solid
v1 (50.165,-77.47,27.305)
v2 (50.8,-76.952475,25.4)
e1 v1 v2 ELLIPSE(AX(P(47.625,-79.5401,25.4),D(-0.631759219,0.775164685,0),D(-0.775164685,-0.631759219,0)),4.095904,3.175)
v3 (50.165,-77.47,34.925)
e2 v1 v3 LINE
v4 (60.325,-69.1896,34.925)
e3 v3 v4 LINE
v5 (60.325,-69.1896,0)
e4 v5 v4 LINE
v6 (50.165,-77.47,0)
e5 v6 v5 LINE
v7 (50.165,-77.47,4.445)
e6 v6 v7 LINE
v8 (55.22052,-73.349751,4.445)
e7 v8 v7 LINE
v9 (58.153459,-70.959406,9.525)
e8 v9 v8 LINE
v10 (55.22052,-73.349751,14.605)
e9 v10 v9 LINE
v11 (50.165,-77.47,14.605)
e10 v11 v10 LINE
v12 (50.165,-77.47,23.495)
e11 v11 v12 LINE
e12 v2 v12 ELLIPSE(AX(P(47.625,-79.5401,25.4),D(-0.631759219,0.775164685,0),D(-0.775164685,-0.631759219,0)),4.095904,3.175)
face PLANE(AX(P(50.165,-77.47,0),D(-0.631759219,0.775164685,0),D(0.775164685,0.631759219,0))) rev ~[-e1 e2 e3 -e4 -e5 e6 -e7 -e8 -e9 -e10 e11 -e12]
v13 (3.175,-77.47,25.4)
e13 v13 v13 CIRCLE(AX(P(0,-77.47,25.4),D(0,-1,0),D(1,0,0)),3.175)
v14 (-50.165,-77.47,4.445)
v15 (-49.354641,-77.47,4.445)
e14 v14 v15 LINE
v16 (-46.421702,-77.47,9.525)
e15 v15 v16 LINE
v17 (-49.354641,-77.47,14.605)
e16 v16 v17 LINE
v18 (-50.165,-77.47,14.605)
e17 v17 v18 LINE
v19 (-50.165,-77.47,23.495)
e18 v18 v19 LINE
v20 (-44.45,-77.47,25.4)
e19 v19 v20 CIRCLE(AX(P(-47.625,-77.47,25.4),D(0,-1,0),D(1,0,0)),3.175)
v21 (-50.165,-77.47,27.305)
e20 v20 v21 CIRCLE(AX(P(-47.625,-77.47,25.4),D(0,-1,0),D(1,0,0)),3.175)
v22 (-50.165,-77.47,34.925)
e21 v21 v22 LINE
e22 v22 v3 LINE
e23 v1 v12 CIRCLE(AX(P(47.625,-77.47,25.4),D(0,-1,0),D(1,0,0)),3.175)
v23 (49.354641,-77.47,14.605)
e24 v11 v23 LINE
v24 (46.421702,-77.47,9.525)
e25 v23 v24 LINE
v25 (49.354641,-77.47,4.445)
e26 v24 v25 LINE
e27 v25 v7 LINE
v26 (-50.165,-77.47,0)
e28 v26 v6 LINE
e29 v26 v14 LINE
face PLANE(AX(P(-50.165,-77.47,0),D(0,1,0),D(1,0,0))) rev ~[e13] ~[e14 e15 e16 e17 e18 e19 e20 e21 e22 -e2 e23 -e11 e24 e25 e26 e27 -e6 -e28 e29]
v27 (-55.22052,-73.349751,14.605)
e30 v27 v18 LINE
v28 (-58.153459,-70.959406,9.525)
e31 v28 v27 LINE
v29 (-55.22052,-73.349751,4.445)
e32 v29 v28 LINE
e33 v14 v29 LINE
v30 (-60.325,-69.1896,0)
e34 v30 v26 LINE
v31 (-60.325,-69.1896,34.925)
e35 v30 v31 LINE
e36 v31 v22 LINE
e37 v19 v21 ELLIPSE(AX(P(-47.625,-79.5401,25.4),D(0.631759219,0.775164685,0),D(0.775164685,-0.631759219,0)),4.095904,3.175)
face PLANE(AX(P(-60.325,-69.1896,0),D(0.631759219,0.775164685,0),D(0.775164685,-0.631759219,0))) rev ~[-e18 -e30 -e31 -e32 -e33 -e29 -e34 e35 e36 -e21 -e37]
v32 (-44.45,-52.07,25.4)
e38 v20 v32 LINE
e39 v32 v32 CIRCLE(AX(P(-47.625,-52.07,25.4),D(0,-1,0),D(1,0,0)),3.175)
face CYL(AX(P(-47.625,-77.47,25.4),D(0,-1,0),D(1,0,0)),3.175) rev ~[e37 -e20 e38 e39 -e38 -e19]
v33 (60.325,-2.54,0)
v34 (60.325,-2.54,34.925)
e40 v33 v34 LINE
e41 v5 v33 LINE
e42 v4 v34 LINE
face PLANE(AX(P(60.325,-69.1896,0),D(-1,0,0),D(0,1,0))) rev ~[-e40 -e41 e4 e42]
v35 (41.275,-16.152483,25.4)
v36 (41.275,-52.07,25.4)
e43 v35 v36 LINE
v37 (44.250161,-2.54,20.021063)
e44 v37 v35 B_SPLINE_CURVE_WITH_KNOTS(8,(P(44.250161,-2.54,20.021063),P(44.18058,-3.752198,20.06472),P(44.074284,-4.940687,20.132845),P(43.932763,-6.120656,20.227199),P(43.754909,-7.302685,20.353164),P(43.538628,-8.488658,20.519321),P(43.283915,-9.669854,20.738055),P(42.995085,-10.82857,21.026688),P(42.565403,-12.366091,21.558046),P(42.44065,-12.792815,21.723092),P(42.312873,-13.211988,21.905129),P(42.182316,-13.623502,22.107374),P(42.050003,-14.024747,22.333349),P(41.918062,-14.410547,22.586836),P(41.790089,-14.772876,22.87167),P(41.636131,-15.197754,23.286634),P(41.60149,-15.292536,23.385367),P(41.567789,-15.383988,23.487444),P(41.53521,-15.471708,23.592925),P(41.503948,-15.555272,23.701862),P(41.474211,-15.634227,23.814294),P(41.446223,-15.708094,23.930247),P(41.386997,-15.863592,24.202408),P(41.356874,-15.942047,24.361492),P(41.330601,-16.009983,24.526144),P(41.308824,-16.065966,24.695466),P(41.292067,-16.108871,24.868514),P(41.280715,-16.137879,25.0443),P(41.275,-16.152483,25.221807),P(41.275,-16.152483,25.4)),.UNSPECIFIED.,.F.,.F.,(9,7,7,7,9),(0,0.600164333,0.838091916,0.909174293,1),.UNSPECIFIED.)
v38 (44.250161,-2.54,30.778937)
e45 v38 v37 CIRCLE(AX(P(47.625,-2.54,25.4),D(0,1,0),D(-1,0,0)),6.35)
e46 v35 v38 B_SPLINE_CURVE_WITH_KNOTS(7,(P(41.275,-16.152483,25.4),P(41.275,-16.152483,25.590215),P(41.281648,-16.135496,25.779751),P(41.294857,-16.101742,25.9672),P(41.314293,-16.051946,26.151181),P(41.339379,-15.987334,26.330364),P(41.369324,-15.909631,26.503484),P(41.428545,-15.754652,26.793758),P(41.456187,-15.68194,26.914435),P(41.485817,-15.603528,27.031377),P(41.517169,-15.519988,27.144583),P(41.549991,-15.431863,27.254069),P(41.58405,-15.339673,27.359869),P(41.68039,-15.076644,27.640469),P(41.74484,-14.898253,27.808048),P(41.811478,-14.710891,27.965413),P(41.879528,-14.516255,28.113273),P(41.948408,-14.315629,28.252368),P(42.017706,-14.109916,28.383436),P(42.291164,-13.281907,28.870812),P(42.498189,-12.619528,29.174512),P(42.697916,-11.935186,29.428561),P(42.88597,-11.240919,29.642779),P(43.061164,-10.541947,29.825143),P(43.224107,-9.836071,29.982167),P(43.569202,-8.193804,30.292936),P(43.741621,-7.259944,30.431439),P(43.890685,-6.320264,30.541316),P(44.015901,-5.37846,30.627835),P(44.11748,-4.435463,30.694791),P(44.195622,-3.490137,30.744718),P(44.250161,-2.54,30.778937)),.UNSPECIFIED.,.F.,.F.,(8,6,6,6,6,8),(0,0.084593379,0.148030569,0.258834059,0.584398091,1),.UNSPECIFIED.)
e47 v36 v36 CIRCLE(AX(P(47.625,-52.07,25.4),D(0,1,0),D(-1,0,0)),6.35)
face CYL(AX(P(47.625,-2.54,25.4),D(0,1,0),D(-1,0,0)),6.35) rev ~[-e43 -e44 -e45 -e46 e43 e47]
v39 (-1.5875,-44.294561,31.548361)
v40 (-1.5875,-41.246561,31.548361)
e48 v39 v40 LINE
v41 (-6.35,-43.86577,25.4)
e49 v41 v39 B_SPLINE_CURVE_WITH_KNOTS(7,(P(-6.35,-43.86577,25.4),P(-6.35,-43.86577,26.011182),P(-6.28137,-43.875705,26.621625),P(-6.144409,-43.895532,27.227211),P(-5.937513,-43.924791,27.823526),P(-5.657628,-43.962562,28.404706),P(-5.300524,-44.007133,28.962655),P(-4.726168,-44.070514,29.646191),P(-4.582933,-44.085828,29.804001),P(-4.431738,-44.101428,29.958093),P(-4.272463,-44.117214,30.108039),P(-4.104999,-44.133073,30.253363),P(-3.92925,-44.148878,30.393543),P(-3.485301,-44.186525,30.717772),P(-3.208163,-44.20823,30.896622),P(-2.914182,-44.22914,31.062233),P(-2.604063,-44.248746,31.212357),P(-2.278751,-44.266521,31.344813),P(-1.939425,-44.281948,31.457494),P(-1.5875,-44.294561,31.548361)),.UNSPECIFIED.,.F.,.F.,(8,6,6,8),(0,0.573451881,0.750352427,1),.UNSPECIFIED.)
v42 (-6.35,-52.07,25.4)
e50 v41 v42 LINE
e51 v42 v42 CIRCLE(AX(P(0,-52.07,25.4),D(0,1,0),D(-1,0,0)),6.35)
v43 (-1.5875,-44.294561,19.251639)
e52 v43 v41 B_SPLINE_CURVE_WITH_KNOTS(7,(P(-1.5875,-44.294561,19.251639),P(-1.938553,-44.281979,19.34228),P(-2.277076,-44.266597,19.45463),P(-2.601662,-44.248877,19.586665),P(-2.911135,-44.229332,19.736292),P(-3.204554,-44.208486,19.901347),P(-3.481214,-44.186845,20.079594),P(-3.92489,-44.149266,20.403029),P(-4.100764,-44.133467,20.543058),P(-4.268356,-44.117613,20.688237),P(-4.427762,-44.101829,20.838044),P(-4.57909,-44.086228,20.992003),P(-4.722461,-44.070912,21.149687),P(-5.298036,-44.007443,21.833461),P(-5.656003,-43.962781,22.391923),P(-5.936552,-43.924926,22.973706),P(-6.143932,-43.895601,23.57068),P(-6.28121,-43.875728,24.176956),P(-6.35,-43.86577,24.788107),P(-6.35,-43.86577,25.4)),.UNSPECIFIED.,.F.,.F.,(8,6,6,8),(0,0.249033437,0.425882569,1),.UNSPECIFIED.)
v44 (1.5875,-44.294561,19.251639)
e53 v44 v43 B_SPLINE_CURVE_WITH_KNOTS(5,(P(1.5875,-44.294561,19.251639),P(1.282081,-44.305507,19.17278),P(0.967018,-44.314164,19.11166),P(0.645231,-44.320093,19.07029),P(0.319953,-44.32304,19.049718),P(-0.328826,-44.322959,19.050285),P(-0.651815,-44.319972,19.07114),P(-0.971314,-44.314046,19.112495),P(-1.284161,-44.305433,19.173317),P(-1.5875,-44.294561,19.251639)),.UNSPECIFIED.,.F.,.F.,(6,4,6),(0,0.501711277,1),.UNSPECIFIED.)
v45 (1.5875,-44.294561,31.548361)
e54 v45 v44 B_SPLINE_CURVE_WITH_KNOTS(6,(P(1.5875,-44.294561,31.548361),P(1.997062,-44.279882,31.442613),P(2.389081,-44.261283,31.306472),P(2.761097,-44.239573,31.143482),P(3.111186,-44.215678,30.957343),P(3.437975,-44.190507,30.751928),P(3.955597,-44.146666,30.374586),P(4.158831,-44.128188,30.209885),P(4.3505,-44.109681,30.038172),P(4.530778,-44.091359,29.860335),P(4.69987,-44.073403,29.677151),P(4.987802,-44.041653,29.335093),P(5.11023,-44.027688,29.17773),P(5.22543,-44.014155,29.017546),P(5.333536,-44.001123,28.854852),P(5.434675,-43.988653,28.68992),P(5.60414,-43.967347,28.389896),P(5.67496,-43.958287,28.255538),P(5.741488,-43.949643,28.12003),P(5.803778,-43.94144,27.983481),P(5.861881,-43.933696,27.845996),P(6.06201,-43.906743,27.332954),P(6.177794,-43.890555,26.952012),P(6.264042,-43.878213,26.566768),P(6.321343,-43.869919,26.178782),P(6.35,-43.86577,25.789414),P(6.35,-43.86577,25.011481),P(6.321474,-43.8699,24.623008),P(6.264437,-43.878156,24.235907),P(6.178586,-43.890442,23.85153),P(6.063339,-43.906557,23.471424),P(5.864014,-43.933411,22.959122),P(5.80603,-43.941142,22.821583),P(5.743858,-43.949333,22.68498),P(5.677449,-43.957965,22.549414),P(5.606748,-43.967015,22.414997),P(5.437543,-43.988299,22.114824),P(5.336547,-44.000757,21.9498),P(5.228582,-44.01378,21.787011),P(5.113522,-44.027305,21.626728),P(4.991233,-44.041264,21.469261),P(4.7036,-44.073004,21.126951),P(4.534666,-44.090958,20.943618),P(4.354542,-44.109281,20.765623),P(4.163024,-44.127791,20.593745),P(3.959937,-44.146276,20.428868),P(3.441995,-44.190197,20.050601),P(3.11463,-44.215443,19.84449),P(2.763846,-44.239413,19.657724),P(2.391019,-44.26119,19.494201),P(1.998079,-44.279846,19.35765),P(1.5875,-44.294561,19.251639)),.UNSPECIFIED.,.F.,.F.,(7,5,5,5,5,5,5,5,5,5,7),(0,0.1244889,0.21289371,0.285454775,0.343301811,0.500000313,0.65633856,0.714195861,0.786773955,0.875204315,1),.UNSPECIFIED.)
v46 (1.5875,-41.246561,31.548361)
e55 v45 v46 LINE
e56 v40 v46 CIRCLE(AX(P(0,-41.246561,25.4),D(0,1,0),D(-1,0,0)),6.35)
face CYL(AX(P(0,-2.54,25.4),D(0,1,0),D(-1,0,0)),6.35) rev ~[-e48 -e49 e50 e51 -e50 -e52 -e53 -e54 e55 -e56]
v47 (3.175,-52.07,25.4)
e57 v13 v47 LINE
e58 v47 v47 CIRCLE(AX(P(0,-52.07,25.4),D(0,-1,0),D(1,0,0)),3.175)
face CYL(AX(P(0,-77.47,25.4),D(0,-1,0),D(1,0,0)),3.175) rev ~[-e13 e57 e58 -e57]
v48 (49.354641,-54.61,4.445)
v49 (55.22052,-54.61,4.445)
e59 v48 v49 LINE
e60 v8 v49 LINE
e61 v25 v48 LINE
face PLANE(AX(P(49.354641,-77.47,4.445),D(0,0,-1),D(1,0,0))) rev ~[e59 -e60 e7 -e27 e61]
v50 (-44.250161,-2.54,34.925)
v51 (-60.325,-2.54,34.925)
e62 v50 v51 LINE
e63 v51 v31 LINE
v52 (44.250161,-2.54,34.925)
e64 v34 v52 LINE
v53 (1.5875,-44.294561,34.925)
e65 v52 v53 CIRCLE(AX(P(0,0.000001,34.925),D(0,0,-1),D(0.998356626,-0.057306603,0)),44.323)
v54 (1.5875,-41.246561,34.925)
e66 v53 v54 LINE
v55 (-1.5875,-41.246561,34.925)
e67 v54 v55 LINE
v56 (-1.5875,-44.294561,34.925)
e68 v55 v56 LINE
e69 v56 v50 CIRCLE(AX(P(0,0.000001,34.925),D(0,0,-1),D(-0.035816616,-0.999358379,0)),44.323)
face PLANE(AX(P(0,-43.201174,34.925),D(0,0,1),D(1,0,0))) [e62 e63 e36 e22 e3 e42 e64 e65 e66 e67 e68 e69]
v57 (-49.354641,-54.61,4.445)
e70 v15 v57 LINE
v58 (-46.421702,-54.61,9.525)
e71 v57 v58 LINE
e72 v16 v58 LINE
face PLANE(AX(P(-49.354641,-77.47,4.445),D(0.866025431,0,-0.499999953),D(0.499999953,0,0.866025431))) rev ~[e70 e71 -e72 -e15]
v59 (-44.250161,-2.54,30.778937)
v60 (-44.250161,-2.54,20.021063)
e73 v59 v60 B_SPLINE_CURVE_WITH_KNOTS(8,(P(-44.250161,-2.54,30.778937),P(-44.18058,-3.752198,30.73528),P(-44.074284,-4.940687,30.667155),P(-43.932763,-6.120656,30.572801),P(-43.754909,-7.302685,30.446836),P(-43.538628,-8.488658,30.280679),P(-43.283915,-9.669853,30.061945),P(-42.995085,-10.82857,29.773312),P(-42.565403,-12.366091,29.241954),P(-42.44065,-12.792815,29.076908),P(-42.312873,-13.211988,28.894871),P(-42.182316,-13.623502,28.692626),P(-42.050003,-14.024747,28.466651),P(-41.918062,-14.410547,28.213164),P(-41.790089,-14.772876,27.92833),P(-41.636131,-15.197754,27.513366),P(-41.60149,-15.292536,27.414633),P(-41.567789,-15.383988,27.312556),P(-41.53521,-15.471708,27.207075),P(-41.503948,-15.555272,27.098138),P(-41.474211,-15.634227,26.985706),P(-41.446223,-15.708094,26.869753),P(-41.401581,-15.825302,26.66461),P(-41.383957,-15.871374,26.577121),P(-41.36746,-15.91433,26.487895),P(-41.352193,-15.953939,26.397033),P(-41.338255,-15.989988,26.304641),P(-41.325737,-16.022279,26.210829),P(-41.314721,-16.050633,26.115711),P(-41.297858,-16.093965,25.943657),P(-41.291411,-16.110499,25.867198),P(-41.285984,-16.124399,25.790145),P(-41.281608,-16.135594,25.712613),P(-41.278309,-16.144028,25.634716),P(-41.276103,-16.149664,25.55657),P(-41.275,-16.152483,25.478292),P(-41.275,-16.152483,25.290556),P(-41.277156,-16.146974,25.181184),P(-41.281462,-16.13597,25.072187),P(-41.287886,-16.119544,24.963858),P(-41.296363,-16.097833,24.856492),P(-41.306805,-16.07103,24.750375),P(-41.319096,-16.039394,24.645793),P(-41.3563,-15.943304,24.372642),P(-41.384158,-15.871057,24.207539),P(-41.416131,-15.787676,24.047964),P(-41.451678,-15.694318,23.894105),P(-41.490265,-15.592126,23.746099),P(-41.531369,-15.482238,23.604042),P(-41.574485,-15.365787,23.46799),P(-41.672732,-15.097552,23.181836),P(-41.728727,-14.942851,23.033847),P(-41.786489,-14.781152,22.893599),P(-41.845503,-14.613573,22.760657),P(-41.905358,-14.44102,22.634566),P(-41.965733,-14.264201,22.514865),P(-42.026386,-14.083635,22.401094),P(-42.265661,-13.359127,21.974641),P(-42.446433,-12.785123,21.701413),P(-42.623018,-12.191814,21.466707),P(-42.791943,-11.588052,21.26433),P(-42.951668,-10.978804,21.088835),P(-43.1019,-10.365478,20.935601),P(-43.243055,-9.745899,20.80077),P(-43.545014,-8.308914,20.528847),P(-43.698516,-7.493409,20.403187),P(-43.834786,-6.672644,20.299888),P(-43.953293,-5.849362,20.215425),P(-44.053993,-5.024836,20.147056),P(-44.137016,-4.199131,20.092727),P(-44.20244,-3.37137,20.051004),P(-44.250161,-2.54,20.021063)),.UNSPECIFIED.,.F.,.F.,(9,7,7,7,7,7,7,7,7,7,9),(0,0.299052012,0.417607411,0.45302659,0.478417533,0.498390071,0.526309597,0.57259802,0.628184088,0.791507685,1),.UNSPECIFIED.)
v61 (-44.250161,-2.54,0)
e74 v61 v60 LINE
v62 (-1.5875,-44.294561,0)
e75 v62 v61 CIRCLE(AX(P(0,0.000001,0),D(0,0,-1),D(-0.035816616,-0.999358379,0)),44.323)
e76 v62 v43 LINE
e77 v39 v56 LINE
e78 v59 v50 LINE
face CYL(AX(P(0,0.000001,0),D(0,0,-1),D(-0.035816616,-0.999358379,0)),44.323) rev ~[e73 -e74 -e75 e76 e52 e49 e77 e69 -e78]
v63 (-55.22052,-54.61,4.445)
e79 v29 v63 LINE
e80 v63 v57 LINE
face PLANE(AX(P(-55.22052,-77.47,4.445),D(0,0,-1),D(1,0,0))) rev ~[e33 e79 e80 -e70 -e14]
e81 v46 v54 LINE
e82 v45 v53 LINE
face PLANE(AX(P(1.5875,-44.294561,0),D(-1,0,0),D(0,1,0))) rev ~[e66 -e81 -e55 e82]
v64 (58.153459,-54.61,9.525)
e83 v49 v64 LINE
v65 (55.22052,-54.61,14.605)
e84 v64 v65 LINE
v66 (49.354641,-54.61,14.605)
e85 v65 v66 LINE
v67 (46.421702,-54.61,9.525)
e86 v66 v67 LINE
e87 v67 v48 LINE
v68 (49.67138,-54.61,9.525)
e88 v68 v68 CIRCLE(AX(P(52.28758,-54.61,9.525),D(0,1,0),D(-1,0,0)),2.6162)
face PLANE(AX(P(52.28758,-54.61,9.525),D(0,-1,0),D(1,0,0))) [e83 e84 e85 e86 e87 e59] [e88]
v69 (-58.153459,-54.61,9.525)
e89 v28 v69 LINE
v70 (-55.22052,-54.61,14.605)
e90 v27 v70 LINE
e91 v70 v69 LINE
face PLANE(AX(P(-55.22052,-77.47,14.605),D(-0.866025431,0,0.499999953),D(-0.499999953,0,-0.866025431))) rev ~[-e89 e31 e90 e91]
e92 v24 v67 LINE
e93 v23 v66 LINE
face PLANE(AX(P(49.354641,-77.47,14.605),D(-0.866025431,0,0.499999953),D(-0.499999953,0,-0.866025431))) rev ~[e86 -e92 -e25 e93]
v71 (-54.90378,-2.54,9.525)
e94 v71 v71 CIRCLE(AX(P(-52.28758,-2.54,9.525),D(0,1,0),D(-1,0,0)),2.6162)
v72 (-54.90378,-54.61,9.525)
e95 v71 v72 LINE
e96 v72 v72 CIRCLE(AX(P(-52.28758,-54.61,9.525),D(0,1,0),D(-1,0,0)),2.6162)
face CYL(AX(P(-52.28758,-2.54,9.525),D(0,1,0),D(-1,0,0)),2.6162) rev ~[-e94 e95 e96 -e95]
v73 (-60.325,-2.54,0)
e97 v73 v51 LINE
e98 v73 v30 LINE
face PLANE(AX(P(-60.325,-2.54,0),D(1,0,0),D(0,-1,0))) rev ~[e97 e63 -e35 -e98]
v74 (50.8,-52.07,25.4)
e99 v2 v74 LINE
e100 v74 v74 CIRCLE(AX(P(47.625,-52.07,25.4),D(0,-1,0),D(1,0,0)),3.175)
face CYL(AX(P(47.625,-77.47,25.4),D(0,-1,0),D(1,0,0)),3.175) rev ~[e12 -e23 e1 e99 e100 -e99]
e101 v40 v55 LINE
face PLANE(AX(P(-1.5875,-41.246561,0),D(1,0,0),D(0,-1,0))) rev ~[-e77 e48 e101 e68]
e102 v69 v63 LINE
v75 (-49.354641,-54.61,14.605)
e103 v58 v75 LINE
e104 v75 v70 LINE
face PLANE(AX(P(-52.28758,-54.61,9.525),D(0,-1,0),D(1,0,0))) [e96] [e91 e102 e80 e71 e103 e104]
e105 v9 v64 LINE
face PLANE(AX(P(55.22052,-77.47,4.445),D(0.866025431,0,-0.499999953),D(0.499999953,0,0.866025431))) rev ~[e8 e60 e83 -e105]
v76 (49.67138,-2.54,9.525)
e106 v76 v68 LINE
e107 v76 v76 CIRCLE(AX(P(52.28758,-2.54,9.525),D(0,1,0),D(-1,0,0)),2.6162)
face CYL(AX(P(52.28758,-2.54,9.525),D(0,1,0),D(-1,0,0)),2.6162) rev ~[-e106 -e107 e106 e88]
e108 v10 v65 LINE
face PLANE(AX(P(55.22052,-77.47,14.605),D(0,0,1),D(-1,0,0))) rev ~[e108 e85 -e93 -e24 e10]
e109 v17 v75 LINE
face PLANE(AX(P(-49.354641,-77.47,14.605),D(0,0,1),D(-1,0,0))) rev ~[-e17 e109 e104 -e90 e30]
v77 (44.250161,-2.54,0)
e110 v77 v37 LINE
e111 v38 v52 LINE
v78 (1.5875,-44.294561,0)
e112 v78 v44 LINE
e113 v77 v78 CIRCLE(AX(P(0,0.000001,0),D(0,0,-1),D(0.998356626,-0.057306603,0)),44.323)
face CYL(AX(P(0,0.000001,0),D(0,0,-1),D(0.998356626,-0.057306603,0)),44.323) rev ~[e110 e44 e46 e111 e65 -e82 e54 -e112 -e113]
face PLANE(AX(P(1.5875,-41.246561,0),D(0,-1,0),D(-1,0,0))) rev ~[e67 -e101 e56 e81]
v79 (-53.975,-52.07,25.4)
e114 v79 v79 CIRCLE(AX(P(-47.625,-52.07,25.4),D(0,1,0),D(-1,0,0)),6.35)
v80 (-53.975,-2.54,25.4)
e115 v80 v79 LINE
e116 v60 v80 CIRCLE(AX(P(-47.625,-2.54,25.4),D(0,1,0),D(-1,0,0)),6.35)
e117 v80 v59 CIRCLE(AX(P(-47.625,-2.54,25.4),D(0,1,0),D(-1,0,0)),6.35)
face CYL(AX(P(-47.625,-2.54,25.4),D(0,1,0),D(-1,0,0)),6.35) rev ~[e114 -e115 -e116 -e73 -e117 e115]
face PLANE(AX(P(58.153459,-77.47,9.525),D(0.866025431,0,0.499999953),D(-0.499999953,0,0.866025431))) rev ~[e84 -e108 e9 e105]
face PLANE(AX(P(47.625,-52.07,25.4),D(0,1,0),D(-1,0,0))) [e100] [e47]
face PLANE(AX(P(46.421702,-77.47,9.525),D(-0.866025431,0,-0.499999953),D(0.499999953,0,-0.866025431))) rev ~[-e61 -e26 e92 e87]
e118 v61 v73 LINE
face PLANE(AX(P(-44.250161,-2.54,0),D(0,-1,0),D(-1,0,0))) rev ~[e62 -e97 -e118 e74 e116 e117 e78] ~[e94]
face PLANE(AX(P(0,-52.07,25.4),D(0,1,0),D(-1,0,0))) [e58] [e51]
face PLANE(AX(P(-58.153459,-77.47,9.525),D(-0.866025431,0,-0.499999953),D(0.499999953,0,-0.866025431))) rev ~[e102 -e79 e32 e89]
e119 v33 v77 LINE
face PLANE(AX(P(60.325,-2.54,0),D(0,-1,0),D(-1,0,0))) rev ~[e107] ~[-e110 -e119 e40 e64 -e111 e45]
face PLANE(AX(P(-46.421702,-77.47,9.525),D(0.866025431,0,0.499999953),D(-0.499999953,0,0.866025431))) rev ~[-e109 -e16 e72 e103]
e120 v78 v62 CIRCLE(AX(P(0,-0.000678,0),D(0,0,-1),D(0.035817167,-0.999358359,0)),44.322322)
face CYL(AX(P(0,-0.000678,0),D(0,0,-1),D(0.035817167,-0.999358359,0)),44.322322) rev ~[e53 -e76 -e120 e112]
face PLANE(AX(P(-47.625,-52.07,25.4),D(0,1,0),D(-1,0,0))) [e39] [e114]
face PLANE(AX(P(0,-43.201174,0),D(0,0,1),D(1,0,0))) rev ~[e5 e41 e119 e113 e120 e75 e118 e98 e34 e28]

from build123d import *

# Parameters (mm, degrees)
F1_DEPTH  = 34.925
F2_R      = 2.6162
F3_DEPTH  = 74.931
F4_R      = 2.6162
F5_DEPTH  = 74.931
F6_R      = 3.175
F7_DEPTH  = 74.931
F8_R      = 6.35
F9_DEPTH  = 49.53
F11_DEPTH = 22.86
F13_DEPTH = 25.4


with BuildPart() as f1:
    # F0 (on Top) → F1 (new body)
    with BuildSketch(Plane.XY):
        with BuildLine():
            ThreePointArc((-1.5875, -44.294561), (-31.002155, -31.676406), (-44.250161, -2.54))
            Line((-44.250161, -2.54), (-60.325, -2.54))
            Line((-60.325, -2.54), (-60.325, -69.1896))
            Line((-60.325, -69.1896), (-50.165, -77.47))
            Line((-50.165, -77.47), (50.165, -77.47))
            Line((50.165, -77.47), (60.325, -69.1896))
            Line((60.325, -69.1896), (60.325, -2.54))
            Line((60.325, -2.54), (44.250161, -2.54))
            ThreePointArc((44.250161, -2.54), (31.002155, -31.676406), (1.5875, -44.294561))
            Line((1.5875, -44.294561), (1.5875, -41.246561))
            Line((1.5875, -41.246561), (-1.5875, -41.246561))
            Line((-1.5875, -41.246561), (-1.5875, -44.294561))
        make_face()
    extrude(amount=F1_DEPTH)

    # F2 (on face) → F3 (cut, through all)
    with BuildSketch(Plane(origin=(0, -2.54, 0), x_dir=(-1, 0, 0), z_dir=(0, 1, 0))):
        with Locations((-52.28758, 9.525)):
            Circle(F2_R)
    extrude(amount=-F3_DEPTH, mode=Mode.SUBTRACT)

    # F4 (on face) → F5 (cut, through all)
    with BuildSketch(Plane(origin=(0, -2.54, 0), x_dir=(-1, 0, 0), z_dir=(0, 1, 0))):
        with Locations((52.28758, 9.525)):
            Circle(F4_R)
    extrude(amount=-F5_DEPTH, mode=Mode.SUBTRACT)

    # F6 (on face) → F7 (cut, through all)
    with BuildSketch(Plane.XZ.offset(77.47)):
        with Locations((-47.625, 25.4)):
            Circle(F6_R)
        with Locations((47.625, 25.4)):
            Circle(F6_R)
        with Locations((0, 25.4)):
            Circle(F6_R)
    extrude(amount=-F7_DEPTH, mode=Mode.SUBTRACT)

    # F8 (on face) → F9 (cut)
    with BuildSketch(Plane(origin=(0, -2.54, 0), x_dir=(-1, 0, 0), z_dir=(0, 1, 0))):
        with Locations((-47.625, 25.4)):
            Circle(F8_R)
        with Locations((0, 25.4)):
            Circle(F8_R)
        with Locations((47.625, 25.4)):
            Circle(F8_R)
    extrude(amount=-F9_DEPTH, mode=Mode.SUBTRACT)

    # F10 (on face) → F11 (cut)
    with BuildSketch(Plane.XZ.offset(77.47)):
        Polygon((-49.354641, 4.445), (-46.421702, 9.525), (-49.354641, 14.605), (-55.22052, 14.605), (-58.153459, 9.525), (-55.22052, 4.445), align=None)
        Polygon((49.354641, 14.605), (46.421702, 9.525), (49.354641, 4.445), (55.22052, 4.445), (58.153459, 9.525), (55.22052, 14.605), align=None)
    extrude(amount=-F11_DEPTH, mode=Mode.SUBTRACT)

    # F12 (on face) → F13 (cut)
    with BuildSketch(Plane(origin=(0, 0, 0), x_dir=(1, 0, 0), z_dir=(0, 0, -1))):
        with BuildLine():
            Line((1.5875, 41.246561), (1.5875, 44.294561))
            ThreePointArc((1.5875, 44.294561), (0, 44.323), (-1.5875, 44.294561))
            Line((-1.5875, 44.294561), (-1.5875, 41.246561))
            Line((-1.5875, 41.246561), (1.5875, 41.246561))
        make_face()
    extrude(amount=-F13_DEPTH, mode=Mode.SUBTRACT)


solid = f1.part
